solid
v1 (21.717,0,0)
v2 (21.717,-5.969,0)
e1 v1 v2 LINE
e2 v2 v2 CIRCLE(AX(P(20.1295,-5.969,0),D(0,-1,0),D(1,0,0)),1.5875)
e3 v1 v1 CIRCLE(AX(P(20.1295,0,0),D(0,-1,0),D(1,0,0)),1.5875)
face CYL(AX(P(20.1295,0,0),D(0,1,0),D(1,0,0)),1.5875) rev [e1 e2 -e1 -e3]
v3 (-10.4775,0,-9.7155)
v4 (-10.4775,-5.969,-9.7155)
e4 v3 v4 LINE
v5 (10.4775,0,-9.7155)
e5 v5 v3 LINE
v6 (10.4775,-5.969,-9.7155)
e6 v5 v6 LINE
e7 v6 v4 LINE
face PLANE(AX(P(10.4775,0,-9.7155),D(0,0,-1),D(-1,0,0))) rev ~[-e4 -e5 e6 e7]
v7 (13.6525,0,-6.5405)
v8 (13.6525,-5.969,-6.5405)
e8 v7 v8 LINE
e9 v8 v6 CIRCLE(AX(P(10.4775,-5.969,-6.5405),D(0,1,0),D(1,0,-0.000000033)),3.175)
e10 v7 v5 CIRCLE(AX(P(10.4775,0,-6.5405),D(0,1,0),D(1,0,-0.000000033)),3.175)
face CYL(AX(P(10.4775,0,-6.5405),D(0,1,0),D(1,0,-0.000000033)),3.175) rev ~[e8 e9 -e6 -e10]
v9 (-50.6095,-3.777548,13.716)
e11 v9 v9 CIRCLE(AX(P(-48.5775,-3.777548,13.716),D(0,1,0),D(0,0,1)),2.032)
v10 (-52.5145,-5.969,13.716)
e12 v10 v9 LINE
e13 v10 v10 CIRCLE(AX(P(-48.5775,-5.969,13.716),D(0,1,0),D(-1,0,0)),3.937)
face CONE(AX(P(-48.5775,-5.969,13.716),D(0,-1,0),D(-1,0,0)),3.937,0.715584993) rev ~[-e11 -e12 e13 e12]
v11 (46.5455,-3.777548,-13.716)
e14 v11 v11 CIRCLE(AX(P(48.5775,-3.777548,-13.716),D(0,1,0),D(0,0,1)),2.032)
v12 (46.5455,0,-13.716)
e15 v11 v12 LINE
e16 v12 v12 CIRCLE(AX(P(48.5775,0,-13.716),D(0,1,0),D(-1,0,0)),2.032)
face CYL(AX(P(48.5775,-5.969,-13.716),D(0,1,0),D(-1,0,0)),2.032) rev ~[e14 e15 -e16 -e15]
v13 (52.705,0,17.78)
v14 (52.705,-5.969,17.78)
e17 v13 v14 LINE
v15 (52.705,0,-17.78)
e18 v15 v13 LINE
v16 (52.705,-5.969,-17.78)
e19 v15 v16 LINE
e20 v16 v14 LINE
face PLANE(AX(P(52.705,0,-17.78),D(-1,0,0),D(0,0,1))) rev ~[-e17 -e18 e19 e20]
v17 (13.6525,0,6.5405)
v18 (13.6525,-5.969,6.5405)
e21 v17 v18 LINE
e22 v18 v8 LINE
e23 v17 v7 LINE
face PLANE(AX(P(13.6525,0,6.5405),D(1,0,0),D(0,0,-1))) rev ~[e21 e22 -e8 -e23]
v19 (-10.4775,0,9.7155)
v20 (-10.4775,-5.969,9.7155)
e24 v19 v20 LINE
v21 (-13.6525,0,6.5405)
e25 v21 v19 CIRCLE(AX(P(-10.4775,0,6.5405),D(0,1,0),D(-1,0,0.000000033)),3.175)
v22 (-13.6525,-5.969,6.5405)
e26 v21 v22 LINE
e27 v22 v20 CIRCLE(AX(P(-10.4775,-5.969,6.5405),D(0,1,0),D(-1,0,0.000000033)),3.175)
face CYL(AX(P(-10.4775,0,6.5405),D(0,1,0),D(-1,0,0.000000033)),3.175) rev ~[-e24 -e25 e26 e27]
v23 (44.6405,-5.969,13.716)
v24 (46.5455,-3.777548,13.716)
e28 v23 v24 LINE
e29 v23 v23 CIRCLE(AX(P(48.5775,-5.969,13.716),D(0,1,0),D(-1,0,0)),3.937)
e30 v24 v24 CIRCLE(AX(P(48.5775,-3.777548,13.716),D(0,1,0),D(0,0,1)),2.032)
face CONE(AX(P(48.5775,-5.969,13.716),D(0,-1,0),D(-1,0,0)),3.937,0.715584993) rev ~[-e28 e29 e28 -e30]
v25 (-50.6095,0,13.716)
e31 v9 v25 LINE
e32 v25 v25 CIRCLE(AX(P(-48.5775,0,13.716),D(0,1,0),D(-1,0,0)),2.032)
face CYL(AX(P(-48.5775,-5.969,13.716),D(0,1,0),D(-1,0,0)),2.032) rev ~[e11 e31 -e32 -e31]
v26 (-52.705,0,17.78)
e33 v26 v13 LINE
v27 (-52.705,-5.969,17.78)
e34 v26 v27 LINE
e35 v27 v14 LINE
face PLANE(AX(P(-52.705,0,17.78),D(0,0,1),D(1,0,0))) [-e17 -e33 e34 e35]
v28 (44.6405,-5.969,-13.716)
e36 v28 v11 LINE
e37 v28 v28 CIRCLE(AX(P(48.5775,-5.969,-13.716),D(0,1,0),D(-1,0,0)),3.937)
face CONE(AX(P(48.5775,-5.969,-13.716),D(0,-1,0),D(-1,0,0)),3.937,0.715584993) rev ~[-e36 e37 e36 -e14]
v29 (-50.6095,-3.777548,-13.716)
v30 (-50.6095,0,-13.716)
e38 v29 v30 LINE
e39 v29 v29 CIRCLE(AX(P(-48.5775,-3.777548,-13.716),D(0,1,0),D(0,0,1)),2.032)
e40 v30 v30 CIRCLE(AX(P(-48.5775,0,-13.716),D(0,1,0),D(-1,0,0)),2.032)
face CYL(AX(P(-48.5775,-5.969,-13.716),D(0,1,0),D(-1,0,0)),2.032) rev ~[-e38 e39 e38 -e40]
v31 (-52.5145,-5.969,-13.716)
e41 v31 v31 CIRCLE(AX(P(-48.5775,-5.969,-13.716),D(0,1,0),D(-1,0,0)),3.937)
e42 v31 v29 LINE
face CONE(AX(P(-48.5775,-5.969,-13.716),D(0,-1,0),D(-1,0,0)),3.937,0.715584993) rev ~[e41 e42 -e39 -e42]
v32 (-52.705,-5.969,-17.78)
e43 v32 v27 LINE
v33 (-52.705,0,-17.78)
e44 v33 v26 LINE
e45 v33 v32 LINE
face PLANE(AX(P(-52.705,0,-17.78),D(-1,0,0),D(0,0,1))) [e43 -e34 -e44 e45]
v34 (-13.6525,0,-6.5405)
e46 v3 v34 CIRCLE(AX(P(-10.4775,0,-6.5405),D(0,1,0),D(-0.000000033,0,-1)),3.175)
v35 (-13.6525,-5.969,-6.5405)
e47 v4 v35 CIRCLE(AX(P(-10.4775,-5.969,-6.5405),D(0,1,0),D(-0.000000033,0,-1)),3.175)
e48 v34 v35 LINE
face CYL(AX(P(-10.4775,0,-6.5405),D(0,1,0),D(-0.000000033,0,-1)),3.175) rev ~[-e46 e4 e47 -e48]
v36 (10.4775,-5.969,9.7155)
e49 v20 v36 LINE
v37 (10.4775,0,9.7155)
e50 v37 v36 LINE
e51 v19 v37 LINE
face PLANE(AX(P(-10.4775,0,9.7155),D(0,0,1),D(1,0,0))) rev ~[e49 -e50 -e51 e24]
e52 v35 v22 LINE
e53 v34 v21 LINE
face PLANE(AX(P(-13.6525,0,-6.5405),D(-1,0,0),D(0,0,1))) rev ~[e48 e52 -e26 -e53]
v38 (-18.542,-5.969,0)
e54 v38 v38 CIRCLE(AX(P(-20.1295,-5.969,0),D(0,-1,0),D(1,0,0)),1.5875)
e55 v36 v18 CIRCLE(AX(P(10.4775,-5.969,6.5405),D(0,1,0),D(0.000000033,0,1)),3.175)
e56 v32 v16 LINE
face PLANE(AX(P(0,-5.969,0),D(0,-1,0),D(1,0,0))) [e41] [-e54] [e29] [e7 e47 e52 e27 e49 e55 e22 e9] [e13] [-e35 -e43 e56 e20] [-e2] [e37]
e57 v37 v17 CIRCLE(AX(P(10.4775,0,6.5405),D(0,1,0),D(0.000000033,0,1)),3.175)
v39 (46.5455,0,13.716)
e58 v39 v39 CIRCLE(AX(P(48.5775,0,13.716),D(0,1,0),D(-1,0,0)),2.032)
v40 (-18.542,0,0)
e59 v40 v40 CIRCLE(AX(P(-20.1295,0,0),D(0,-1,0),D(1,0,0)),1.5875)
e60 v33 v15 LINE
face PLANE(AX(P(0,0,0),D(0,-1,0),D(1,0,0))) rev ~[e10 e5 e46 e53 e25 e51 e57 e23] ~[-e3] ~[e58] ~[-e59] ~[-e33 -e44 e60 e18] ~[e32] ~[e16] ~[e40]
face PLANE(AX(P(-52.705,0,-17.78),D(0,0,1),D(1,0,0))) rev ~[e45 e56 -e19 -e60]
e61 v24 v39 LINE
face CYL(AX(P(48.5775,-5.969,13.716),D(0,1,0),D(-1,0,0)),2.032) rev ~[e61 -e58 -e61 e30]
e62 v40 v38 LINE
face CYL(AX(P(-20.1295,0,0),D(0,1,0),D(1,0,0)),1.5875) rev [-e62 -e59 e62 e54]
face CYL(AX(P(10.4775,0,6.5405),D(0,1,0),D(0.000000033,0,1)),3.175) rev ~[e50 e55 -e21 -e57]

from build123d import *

# Parameters (mm, degrees)
F0_W           = 105.41
F0_H           = 35.56
F0_R           = 1.5875
F1_DEPTH       = 5.969
F3_D           = 4.064
F3_DEPTH       = 50.8
F3_CSINK_D     = 7.874
F3_CSINK_ANGLE = 82


with BuildPart() as f1:
    # F0 (on Front) → F1 (new body)
    with BuildSketch(Plane.XZ):
        Rectangle(F0_W, F0_H)
        with Locations((-20.1295, 0)):
            Circle(F0_R, mode=Mode.SUBTRACT)
        with BuildLine():
            Line((-10.4775, 9.7155), (10.4775, 9.7155))
            ThreePointArc((10.4775, 9.7155), (12.722564, 8.785564), (13.6525, 6.5405))
            Line((13.6525, 6.5405), (13.6525, -6.5405))
            ThreePointArc((13.6525, -6.5405), (12.722564, -8.785564), (10.4775, -9.7155))
            Line((10.4775, -9.7155), (-10.4775, -9.7155))
            ThreePointArc((-10.4775, -9.7155), (-12.722564, -8.785564), (-13.6525, -6.5405))
            Line((-13.6525, -6.5405), (-13.6525, 6.5405))
            ThreePointArc((-13.6525, 6.5405), (-12.722564, 8.785564), (-10.4775, 9.7155))
        make_face(mode=Mode.SUBTRACT)
        with Locations((20.1295, 0)):
            Circle(F0_R, mode=Mode.SUBTRACT)
    extrude(amount=F1_DEPTH)

    # F3
    with Locations(Plane.XZ.offset(5.969)):
        with Locations((-48.5775, 13.716), (-48.5775, -13.716), (48.5775, -13.716), (48.5775, 13.716)):
            CounterSinkHole(F3_D / 2, F3_CSINK_D / 2, depth=F3_DEPTH, counter_sink_angle=F3_CSINK_ANGLE)


solid = f1.part
